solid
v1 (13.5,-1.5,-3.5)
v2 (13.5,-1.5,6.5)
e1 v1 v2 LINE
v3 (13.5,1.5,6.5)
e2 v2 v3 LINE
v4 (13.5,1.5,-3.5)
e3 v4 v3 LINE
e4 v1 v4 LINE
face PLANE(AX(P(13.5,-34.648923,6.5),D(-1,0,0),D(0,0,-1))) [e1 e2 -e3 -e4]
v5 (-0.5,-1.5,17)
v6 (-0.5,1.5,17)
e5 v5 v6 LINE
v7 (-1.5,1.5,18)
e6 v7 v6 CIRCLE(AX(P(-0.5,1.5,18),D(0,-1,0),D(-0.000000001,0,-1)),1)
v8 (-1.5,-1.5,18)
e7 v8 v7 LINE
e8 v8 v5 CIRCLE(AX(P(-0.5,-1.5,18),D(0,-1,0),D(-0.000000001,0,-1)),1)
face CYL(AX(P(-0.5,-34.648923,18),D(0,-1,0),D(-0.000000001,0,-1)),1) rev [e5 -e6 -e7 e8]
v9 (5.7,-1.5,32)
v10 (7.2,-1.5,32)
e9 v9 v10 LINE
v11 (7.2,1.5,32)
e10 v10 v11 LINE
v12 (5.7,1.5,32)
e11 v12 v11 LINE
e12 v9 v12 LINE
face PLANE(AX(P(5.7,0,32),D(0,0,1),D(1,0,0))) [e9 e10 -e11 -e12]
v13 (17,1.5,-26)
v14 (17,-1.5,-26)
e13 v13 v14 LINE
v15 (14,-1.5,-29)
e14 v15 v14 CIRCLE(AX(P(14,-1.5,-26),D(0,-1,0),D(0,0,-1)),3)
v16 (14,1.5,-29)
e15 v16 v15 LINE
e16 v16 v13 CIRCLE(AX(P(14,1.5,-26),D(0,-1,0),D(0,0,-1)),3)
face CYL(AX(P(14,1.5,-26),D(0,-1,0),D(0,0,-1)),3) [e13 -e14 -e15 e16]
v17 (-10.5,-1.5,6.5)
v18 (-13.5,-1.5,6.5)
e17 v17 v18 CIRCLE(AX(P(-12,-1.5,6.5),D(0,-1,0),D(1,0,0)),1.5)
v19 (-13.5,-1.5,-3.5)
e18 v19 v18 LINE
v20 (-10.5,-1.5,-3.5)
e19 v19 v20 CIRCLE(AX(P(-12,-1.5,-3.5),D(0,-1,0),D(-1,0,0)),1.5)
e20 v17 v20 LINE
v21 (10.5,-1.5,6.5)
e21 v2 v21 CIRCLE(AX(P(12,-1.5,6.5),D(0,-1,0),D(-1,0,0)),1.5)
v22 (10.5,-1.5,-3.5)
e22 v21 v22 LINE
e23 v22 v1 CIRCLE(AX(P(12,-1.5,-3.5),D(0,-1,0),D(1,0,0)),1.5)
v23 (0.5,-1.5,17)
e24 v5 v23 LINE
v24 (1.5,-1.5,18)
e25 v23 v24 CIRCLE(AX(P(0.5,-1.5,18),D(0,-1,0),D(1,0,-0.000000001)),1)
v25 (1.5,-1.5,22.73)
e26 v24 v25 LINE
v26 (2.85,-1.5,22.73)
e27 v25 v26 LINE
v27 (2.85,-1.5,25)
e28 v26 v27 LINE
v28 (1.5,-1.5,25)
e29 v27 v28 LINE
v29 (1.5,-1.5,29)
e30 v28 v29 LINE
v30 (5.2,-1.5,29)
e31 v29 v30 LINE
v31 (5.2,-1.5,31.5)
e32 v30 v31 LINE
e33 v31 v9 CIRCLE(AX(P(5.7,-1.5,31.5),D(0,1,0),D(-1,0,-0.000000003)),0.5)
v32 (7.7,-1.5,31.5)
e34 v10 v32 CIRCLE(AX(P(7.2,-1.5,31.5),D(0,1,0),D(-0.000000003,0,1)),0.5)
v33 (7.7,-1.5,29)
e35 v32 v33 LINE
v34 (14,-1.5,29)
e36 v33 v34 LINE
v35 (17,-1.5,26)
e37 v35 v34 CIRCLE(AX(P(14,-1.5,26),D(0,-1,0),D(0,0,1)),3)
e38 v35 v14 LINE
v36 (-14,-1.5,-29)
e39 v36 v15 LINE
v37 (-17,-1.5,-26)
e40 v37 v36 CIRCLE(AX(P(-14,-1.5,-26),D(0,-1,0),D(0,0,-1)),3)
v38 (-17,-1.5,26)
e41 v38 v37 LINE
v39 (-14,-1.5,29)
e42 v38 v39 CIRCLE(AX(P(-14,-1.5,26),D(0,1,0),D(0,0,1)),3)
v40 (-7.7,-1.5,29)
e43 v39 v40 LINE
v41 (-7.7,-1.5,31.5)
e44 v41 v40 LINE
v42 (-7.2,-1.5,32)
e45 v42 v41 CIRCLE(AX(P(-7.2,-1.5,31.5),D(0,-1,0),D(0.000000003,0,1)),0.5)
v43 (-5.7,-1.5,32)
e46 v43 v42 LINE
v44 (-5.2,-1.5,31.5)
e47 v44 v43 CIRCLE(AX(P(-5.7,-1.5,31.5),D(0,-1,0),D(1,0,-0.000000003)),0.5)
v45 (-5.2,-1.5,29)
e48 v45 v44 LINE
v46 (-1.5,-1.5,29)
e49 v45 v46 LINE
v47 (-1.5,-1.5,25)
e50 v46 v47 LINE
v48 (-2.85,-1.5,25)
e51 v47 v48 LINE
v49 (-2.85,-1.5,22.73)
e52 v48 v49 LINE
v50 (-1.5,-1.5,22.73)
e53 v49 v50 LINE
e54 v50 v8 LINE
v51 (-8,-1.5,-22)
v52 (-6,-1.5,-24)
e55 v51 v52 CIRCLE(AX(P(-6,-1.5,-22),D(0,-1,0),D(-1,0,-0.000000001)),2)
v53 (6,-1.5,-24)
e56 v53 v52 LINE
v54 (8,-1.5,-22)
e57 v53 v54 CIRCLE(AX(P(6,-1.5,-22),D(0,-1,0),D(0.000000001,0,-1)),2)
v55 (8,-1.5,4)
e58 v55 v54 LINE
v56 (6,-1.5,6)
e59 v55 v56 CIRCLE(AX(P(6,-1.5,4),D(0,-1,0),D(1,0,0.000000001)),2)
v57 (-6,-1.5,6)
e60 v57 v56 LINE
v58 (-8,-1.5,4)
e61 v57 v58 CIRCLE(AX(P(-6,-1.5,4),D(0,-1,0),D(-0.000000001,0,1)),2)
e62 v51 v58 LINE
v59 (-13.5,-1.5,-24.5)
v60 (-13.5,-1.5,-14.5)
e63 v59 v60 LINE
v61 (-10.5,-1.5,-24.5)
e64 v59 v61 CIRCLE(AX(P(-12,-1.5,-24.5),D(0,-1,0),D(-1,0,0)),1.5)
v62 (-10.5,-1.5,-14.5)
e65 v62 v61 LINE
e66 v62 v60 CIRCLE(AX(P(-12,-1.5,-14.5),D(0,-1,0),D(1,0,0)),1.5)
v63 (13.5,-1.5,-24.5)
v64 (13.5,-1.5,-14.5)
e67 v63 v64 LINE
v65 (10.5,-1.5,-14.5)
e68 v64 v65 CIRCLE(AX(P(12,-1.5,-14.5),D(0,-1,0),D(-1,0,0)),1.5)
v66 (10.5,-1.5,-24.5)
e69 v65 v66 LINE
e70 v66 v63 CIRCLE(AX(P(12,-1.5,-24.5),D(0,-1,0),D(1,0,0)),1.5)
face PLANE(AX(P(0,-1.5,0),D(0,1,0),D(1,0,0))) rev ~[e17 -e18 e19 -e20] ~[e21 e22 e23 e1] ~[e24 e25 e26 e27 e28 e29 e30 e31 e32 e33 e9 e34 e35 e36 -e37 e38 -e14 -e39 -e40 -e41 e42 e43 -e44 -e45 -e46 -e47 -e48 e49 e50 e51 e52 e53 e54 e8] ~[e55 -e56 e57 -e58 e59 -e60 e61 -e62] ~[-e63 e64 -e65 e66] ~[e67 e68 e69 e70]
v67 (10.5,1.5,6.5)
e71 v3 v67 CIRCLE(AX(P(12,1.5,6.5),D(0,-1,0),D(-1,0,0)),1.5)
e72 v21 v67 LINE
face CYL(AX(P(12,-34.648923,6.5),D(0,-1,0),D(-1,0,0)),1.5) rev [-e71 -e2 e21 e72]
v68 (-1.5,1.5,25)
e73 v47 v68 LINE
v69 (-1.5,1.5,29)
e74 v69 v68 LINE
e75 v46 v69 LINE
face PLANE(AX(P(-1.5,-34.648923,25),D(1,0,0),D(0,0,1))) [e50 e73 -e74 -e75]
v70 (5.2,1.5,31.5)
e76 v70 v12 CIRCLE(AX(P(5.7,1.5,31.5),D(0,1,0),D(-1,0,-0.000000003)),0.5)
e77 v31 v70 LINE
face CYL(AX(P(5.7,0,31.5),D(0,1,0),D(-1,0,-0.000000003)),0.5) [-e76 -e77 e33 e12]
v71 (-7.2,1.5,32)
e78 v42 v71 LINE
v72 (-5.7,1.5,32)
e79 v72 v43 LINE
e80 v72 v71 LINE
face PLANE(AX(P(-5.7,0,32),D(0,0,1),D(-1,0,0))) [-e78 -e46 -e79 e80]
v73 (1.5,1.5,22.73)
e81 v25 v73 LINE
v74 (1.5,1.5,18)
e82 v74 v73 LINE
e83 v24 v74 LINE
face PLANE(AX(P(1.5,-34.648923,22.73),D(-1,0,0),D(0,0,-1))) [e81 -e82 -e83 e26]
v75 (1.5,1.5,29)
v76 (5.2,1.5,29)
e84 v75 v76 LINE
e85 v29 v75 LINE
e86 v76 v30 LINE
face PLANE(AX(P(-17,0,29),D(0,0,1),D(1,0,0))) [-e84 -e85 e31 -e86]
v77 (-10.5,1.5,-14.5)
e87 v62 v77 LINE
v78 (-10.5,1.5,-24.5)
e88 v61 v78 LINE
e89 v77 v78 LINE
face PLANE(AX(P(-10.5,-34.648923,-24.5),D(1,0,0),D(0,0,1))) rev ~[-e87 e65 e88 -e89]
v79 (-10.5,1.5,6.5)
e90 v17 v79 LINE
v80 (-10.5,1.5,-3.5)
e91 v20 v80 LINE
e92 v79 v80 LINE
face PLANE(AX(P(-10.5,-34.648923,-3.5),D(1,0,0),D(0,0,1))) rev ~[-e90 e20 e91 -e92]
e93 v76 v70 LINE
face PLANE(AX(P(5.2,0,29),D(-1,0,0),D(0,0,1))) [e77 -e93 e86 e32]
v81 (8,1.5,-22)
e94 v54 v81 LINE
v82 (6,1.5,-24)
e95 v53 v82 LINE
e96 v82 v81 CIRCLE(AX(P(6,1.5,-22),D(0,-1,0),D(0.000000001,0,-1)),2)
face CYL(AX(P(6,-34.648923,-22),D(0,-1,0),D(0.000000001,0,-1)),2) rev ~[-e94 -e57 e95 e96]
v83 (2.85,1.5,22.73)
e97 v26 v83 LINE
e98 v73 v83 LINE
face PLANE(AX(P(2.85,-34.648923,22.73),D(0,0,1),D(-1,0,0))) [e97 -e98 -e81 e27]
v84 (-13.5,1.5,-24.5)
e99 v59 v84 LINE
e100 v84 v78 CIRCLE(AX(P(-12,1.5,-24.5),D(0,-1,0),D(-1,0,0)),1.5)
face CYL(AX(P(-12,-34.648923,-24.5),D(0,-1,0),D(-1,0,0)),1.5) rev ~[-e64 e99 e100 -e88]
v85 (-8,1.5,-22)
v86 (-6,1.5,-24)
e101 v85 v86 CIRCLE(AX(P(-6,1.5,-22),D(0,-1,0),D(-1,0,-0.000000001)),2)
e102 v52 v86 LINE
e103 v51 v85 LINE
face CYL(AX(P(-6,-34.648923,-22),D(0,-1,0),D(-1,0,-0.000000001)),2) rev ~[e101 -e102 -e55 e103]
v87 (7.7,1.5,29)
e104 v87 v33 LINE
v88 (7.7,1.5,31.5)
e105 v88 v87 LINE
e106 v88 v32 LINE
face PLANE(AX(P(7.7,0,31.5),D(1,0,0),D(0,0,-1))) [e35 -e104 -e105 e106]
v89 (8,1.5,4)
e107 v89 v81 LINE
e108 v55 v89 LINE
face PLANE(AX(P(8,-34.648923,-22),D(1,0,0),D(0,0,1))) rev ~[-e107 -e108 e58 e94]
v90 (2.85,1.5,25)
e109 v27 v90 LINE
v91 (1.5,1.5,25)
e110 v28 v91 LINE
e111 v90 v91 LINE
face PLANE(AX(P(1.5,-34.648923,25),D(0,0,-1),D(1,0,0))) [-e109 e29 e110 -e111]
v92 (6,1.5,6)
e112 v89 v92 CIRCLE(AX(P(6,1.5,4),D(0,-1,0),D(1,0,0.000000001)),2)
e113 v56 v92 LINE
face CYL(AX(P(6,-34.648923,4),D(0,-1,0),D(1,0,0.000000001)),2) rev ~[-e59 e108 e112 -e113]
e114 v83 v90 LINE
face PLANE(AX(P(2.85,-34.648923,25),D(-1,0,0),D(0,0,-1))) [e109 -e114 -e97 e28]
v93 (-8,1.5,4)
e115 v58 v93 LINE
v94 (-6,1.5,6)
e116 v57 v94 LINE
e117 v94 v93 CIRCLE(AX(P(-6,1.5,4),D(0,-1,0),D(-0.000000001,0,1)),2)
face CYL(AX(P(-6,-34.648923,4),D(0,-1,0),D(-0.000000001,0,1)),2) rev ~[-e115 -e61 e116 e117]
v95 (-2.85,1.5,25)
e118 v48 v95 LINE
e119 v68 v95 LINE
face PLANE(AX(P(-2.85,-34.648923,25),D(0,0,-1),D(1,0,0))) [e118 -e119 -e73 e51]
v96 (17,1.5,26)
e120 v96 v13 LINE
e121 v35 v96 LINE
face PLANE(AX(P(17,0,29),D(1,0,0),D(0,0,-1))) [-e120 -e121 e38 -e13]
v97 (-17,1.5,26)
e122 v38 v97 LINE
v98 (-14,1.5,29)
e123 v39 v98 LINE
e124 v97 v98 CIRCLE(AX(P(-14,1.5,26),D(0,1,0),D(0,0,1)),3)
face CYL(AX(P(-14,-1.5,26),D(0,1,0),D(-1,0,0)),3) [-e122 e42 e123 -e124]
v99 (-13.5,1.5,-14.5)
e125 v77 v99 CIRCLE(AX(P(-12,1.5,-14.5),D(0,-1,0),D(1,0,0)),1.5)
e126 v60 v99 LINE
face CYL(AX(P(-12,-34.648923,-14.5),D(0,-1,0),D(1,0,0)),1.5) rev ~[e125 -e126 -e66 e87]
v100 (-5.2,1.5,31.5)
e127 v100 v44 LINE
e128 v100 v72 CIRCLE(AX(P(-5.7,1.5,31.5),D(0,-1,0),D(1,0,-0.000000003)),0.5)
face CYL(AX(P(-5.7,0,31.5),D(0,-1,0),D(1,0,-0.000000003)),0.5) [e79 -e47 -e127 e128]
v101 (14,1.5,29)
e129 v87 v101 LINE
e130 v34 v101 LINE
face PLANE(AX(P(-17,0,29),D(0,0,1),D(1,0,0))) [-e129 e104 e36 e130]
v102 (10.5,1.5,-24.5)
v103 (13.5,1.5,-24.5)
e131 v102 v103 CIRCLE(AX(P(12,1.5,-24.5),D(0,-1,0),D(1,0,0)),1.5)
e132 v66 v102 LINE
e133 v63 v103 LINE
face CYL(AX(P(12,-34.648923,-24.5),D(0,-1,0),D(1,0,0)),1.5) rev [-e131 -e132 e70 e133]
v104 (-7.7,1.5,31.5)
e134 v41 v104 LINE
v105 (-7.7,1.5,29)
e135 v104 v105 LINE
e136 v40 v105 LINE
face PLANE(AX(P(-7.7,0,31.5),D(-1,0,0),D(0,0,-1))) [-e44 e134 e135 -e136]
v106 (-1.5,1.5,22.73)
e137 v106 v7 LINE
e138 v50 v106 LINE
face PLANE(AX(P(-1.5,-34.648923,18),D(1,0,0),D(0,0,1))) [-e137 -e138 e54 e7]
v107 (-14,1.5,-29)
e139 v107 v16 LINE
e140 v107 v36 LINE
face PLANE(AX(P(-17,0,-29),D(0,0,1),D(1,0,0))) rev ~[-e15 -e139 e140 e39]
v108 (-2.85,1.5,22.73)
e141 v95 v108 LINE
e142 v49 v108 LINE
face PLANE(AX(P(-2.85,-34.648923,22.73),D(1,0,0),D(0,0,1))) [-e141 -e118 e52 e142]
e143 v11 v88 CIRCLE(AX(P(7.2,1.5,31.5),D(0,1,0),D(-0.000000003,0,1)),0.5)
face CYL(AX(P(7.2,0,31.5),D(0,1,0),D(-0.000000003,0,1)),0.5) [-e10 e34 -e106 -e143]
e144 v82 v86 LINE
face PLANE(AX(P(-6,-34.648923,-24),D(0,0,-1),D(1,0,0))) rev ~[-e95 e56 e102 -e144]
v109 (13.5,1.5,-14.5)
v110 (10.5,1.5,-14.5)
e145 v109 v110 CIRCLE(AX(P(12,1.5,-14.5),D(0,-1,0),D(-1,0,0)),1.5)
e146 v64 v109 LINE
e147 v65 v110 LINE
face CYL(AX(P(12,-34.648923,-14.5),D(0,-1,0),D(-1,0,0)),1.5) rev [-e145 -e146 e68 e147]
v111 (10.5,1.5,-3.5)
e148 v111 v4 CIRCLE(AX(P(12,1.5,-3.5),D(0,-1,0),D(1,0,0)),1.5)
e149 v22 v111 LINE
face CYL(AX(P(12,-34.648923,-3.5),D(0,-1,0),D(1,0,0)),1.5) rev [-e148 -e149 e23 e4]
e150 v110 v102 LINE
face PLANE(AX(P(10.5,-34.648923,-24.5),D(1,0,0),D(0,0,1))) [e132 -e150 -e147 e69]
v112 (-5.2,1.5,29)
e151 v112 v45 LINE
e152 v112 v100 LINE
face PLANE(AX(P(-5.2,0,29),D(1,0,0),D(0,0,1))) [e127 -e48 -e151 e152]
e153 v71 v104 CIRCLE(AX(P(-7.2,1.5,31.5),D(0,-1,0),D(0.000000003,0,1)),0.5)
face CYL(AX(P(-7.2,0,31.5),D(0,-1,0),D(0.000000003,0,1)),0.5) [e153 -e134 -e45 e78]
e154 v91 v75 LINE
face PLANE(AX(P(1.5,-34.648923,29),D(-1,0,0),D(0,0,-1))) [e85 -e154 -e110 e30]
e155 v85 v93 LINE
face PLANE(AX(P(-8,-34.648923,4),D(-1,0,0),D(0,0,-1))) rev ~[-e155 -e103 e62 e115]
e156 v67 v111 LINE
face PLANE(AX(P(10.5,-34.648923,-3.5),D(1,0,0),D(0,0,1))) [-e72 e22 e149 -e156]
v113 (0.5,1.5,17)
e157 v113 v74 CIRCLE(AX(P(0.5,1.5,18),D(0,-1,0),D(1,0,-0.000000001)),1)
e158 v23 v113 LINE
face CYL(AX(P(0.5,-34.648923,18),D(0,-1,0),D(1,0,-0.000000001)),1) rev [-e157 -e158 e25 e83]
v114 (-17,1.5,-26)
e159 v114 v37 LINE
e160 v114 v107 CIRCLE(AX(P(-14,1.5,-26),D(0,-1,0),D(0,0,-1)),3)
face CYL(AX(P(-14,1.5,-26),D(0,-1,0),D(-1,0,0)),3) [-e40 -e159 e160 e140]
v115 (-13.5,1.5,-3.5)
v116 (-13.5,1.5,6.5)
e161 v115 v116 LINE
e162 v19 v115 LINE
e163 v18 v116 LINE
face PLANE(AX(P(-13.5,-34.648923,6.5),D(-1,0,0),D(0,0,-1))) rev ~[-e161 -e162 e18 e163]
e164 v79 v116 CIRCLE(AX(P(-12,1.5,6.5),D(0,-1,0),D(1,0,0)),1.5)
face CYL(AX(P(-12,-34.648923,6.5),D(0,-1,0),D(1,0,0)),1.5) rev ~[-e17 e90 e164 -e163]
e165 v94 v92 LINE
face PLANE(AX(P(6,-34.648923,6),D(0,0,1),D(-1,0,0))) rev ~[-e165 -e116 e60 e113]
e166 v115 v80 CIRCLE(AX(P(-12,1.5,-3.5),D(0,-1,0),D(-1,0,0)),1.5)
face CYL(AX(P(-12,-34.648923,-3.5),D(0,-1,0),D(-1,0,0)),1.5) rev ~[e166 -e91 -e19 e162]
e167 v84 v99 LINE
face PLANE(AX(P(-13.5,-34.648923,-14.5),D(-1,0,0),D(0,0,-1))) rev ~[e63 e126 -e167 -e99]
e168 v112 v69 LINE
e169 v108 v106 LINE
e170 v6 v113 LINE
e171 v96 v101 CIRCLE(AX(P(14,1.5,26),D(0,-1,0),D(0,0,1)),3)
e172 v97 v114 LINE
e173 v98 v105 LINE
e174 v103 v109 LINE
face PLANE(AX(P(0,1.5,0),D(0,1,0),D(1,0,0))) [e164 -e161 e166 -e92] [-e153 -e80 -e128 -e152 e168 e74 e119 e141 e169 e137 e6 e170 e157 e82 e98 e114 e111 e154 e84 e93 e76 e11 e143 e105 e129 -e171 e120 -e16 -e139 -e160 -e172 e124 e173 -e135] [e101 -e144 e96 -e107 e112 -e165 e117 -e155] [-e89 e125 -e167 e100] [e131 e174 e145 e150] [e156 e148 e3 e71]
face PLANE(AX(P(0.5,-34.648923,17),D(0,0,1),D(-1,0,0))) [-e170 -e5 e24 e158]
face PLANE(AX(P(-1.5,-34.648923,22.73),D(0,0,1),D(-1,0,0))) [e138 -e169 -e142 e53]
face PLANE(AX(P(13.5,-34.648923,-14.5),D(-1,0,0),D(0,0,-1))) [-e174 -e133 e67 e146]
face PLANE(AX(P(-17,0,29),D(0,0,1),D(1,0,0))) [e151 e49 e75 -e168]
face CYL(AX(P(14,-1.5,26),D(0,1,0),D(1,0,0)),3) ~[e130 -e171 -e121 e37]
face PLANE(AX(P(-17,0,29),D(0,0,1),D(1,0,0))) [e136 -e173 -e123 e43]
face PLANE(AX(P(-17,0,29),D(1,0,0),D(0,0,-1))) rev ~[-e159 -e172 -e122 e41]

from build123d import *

# Parameters (mm, degrees)
SKETCH1_W               = 34
SKETCH1_H               = 58
BOSS_EXTRUDE1_DEPTH     = 1.5
CUT_EXTRUDE1_DEPTH      = 34.648922717
CUT_EXTRUDE1_DEPTH_BACK = 34.648922717
CUT_EXTRUDE2_DEPTH      = 34.648922717
CUT_EXTRUDE2_DEPTH_BACK = 34.648922717
BOSS_EXTRUDE3_DEPTH     = 1.5
FILLET1_R               = 3


with BuildPart() as part:
    # Sketch1 → Boss-Extrude1 (new, symmetric)
    with BuildSketch(Plane(origin=(0, 0, 0), x_dir=(1, 0, 0), z_dir=(0, 1, 0))):
        Rectangle(SKETCH1_W, SKETCH1_H)
    extrude(amount=BOSS_EXTRUDE1_DEPTH, both=True)

    # Sketch3 → Cut-Extrude1 (cut, two sides: drawn at the far end of the back side and taken through both)
    with BuildSketch(Plane(origin=(0, 0, 0), x_dir=(1, 0, 0), z_dir=(0, 1, 0)).offset(-CUT_EXTRUDE1_DEPTH_BACK)):
        with BuildLine():
            Line((-13.5, 14.5), (-13.5, 24.5))
            ThreePointArc((-13.5, 24.5), (-12, 26), (-10.5, 24.5))
            Line((-10.5, 24.5), (-10.5, 14.5))
            ThreePointArc((-10.5, 14.5), (-12, 13), (-13.5, 14.5))
        make_face()
        with BuildLine():
            Line((-13.5, -6.5), (-13.5, 3.5))
            ThreePointArc((-13.5, 3.5), (-12, 5), (-10.5, 3.5))
            Line((-10.5, 3.5), (-10.5, -6.5))
            ThreePointArc((-10.5, -6.5), (-12, -8), (-13.5, -6.5))
        make_face()
        with BuildLine():
            Line((13.5, -6.5), (13.5, 3.5))
            ThreePointArc((13.5, 3.5), (12, 5), (10.5, 3.5))
            Line((10.5, 3.5), (10.5, -6.5))
            ThreePointArc((10.5, -6.5), (12, -8), (13.5, -6.5))
        make_face()
        with BuildLine():
            Line((13.5, 14.5), (13.5, 24.5))
            ThreePointArc((13.5, 24.5), (12, 26), (10.5, 24.5))
            Line((10.5, 24.5), (10.5, 14.5))
            ThreePointArc((10.5, 14.5), (12, 13), (13.5, 14.5))
        make_face()
        with BuildLine():
            Line((-6, 24), (6, 24))
            ThreePointArc((6, 24), (7.414213562, 23.414213562), (8, 22))
            Line((8, 22), (8, -4))
            ThreePointArc((8, -4), (7.414213562, -5.414213562), (6, -6))
            Line((6, -6), (-6, -6))
            ThreePointArc((-6, -6), (-7.414213562, -5.414213562), (-8, -4))
            Line((-8, -4), (-8, 22))
            ThreePointArc((-8, 22), (-7.414213562, 23.414213562), (-6, 24))
        make_face()
    extrude(amount=CUT_EXTRUDE1_DEPTH + CUT_EXTRUDE1_DEPTH_BACK, mode=Mode.SUBTRACT)

    # Sketch5 → Cut-Extrude2 (cut, two sides: drawn at the far end of the back side and taken through both)
    with BuildSketch(Plane(origin=(0, 0, 0), x_dir=(1, 0, 0), z_dir=(0, 1, 0)).offset(-CUT_EXTRUDE2_DEPTH_BACK)):
        with BuildLine():
            Line((-1.5, -29), (1.5, -29))
            Line((1.5, -29), (1.5, -25))
            Line((1.5, -25), (2.85, -25))
            Line((2.85, -25), (2.85, -22.73))
            Line((2.85, -22.73), (1.5, -22.73))
            Line((1.5, -22.73), (1.5, -18))
            ThreePointArc((1.5, -18), (1.207106781, -17.292893219), (0.5, -17))
            Line((0.5, -17), (-0.5, -17))
            ThreePointArc((-0.5, -17), (-1.207106781, -17.292893219), (-1.5, -18))
            Line((-1.5, -18), (-1.5, -22.73))
            Line((-1.5, -22.73), (-2.85, -22.73))
            Line((-2.85, -22.73), (-2.85, -25))
            Line((-2.85, -25), (-1.5, -25))
            Line((-1.5, -25), (-1.5, -29))
        make_face()
    extrude(amount=CUT_EXTRUDE2_DEPTH + CUT_EXTRUDE2_DEPTH_BACK, mode=Mode.SUBTRACT)

    # Sketch8 → Boss-Extrude3 (add, symmetric)
    with BuildSketch(Plane(origin=(0, 0, 0), x_dir=(1, 0, 0), z_dir=(0, 1, 0))):
        with BuildLine():
            Line((-7.7, -29), (-5.2, -29))
            Line((-5.2, -29), (-5.2, -31.5))
            ThreePointArc((-5.2, -31.5), (-5.346446609, -31.853553391), (-5.7, -32))
            Line((-5.7, -32), (-7.2, -32))
            ThreePointArc((-7.2, -32), (-7.553553391, -31.853553391), (-7.7, -31.5))
            Line((-7.7, -31.5), (-7.7, -29))
        make_face()
        with BuildLine():
            Line((5.2, -29), (5.2, -31.5))
            ThreePointArc((5.2, -31.5), (5.346446609, -31.853553391), (5.7, -32))
            Line((5.7, -32), (7.2, -32))
            ThreePointArc((7.2, -32), (7.553553391, -31.853553391), (7.7, -31.5))
            Line((7.7, -31.5), (7.7, -29))
            Line((7.7, -29), (5.2, -29))
        make_face()
    extrude(amount=BOSS_EXTRUDE3_DEPTH, both=True)

    # Fillet1
    fillet1_edges = [part.edges().sort_by_distance(p)[0] for p in [
        (-17, 0, -29),
        (17, 0, -29),
        (17, 0, 29),
        (-17, 0, 29),
    ]]
    fillet(fillet1_edges, radius=FILLET1_R)


solid = part.part
